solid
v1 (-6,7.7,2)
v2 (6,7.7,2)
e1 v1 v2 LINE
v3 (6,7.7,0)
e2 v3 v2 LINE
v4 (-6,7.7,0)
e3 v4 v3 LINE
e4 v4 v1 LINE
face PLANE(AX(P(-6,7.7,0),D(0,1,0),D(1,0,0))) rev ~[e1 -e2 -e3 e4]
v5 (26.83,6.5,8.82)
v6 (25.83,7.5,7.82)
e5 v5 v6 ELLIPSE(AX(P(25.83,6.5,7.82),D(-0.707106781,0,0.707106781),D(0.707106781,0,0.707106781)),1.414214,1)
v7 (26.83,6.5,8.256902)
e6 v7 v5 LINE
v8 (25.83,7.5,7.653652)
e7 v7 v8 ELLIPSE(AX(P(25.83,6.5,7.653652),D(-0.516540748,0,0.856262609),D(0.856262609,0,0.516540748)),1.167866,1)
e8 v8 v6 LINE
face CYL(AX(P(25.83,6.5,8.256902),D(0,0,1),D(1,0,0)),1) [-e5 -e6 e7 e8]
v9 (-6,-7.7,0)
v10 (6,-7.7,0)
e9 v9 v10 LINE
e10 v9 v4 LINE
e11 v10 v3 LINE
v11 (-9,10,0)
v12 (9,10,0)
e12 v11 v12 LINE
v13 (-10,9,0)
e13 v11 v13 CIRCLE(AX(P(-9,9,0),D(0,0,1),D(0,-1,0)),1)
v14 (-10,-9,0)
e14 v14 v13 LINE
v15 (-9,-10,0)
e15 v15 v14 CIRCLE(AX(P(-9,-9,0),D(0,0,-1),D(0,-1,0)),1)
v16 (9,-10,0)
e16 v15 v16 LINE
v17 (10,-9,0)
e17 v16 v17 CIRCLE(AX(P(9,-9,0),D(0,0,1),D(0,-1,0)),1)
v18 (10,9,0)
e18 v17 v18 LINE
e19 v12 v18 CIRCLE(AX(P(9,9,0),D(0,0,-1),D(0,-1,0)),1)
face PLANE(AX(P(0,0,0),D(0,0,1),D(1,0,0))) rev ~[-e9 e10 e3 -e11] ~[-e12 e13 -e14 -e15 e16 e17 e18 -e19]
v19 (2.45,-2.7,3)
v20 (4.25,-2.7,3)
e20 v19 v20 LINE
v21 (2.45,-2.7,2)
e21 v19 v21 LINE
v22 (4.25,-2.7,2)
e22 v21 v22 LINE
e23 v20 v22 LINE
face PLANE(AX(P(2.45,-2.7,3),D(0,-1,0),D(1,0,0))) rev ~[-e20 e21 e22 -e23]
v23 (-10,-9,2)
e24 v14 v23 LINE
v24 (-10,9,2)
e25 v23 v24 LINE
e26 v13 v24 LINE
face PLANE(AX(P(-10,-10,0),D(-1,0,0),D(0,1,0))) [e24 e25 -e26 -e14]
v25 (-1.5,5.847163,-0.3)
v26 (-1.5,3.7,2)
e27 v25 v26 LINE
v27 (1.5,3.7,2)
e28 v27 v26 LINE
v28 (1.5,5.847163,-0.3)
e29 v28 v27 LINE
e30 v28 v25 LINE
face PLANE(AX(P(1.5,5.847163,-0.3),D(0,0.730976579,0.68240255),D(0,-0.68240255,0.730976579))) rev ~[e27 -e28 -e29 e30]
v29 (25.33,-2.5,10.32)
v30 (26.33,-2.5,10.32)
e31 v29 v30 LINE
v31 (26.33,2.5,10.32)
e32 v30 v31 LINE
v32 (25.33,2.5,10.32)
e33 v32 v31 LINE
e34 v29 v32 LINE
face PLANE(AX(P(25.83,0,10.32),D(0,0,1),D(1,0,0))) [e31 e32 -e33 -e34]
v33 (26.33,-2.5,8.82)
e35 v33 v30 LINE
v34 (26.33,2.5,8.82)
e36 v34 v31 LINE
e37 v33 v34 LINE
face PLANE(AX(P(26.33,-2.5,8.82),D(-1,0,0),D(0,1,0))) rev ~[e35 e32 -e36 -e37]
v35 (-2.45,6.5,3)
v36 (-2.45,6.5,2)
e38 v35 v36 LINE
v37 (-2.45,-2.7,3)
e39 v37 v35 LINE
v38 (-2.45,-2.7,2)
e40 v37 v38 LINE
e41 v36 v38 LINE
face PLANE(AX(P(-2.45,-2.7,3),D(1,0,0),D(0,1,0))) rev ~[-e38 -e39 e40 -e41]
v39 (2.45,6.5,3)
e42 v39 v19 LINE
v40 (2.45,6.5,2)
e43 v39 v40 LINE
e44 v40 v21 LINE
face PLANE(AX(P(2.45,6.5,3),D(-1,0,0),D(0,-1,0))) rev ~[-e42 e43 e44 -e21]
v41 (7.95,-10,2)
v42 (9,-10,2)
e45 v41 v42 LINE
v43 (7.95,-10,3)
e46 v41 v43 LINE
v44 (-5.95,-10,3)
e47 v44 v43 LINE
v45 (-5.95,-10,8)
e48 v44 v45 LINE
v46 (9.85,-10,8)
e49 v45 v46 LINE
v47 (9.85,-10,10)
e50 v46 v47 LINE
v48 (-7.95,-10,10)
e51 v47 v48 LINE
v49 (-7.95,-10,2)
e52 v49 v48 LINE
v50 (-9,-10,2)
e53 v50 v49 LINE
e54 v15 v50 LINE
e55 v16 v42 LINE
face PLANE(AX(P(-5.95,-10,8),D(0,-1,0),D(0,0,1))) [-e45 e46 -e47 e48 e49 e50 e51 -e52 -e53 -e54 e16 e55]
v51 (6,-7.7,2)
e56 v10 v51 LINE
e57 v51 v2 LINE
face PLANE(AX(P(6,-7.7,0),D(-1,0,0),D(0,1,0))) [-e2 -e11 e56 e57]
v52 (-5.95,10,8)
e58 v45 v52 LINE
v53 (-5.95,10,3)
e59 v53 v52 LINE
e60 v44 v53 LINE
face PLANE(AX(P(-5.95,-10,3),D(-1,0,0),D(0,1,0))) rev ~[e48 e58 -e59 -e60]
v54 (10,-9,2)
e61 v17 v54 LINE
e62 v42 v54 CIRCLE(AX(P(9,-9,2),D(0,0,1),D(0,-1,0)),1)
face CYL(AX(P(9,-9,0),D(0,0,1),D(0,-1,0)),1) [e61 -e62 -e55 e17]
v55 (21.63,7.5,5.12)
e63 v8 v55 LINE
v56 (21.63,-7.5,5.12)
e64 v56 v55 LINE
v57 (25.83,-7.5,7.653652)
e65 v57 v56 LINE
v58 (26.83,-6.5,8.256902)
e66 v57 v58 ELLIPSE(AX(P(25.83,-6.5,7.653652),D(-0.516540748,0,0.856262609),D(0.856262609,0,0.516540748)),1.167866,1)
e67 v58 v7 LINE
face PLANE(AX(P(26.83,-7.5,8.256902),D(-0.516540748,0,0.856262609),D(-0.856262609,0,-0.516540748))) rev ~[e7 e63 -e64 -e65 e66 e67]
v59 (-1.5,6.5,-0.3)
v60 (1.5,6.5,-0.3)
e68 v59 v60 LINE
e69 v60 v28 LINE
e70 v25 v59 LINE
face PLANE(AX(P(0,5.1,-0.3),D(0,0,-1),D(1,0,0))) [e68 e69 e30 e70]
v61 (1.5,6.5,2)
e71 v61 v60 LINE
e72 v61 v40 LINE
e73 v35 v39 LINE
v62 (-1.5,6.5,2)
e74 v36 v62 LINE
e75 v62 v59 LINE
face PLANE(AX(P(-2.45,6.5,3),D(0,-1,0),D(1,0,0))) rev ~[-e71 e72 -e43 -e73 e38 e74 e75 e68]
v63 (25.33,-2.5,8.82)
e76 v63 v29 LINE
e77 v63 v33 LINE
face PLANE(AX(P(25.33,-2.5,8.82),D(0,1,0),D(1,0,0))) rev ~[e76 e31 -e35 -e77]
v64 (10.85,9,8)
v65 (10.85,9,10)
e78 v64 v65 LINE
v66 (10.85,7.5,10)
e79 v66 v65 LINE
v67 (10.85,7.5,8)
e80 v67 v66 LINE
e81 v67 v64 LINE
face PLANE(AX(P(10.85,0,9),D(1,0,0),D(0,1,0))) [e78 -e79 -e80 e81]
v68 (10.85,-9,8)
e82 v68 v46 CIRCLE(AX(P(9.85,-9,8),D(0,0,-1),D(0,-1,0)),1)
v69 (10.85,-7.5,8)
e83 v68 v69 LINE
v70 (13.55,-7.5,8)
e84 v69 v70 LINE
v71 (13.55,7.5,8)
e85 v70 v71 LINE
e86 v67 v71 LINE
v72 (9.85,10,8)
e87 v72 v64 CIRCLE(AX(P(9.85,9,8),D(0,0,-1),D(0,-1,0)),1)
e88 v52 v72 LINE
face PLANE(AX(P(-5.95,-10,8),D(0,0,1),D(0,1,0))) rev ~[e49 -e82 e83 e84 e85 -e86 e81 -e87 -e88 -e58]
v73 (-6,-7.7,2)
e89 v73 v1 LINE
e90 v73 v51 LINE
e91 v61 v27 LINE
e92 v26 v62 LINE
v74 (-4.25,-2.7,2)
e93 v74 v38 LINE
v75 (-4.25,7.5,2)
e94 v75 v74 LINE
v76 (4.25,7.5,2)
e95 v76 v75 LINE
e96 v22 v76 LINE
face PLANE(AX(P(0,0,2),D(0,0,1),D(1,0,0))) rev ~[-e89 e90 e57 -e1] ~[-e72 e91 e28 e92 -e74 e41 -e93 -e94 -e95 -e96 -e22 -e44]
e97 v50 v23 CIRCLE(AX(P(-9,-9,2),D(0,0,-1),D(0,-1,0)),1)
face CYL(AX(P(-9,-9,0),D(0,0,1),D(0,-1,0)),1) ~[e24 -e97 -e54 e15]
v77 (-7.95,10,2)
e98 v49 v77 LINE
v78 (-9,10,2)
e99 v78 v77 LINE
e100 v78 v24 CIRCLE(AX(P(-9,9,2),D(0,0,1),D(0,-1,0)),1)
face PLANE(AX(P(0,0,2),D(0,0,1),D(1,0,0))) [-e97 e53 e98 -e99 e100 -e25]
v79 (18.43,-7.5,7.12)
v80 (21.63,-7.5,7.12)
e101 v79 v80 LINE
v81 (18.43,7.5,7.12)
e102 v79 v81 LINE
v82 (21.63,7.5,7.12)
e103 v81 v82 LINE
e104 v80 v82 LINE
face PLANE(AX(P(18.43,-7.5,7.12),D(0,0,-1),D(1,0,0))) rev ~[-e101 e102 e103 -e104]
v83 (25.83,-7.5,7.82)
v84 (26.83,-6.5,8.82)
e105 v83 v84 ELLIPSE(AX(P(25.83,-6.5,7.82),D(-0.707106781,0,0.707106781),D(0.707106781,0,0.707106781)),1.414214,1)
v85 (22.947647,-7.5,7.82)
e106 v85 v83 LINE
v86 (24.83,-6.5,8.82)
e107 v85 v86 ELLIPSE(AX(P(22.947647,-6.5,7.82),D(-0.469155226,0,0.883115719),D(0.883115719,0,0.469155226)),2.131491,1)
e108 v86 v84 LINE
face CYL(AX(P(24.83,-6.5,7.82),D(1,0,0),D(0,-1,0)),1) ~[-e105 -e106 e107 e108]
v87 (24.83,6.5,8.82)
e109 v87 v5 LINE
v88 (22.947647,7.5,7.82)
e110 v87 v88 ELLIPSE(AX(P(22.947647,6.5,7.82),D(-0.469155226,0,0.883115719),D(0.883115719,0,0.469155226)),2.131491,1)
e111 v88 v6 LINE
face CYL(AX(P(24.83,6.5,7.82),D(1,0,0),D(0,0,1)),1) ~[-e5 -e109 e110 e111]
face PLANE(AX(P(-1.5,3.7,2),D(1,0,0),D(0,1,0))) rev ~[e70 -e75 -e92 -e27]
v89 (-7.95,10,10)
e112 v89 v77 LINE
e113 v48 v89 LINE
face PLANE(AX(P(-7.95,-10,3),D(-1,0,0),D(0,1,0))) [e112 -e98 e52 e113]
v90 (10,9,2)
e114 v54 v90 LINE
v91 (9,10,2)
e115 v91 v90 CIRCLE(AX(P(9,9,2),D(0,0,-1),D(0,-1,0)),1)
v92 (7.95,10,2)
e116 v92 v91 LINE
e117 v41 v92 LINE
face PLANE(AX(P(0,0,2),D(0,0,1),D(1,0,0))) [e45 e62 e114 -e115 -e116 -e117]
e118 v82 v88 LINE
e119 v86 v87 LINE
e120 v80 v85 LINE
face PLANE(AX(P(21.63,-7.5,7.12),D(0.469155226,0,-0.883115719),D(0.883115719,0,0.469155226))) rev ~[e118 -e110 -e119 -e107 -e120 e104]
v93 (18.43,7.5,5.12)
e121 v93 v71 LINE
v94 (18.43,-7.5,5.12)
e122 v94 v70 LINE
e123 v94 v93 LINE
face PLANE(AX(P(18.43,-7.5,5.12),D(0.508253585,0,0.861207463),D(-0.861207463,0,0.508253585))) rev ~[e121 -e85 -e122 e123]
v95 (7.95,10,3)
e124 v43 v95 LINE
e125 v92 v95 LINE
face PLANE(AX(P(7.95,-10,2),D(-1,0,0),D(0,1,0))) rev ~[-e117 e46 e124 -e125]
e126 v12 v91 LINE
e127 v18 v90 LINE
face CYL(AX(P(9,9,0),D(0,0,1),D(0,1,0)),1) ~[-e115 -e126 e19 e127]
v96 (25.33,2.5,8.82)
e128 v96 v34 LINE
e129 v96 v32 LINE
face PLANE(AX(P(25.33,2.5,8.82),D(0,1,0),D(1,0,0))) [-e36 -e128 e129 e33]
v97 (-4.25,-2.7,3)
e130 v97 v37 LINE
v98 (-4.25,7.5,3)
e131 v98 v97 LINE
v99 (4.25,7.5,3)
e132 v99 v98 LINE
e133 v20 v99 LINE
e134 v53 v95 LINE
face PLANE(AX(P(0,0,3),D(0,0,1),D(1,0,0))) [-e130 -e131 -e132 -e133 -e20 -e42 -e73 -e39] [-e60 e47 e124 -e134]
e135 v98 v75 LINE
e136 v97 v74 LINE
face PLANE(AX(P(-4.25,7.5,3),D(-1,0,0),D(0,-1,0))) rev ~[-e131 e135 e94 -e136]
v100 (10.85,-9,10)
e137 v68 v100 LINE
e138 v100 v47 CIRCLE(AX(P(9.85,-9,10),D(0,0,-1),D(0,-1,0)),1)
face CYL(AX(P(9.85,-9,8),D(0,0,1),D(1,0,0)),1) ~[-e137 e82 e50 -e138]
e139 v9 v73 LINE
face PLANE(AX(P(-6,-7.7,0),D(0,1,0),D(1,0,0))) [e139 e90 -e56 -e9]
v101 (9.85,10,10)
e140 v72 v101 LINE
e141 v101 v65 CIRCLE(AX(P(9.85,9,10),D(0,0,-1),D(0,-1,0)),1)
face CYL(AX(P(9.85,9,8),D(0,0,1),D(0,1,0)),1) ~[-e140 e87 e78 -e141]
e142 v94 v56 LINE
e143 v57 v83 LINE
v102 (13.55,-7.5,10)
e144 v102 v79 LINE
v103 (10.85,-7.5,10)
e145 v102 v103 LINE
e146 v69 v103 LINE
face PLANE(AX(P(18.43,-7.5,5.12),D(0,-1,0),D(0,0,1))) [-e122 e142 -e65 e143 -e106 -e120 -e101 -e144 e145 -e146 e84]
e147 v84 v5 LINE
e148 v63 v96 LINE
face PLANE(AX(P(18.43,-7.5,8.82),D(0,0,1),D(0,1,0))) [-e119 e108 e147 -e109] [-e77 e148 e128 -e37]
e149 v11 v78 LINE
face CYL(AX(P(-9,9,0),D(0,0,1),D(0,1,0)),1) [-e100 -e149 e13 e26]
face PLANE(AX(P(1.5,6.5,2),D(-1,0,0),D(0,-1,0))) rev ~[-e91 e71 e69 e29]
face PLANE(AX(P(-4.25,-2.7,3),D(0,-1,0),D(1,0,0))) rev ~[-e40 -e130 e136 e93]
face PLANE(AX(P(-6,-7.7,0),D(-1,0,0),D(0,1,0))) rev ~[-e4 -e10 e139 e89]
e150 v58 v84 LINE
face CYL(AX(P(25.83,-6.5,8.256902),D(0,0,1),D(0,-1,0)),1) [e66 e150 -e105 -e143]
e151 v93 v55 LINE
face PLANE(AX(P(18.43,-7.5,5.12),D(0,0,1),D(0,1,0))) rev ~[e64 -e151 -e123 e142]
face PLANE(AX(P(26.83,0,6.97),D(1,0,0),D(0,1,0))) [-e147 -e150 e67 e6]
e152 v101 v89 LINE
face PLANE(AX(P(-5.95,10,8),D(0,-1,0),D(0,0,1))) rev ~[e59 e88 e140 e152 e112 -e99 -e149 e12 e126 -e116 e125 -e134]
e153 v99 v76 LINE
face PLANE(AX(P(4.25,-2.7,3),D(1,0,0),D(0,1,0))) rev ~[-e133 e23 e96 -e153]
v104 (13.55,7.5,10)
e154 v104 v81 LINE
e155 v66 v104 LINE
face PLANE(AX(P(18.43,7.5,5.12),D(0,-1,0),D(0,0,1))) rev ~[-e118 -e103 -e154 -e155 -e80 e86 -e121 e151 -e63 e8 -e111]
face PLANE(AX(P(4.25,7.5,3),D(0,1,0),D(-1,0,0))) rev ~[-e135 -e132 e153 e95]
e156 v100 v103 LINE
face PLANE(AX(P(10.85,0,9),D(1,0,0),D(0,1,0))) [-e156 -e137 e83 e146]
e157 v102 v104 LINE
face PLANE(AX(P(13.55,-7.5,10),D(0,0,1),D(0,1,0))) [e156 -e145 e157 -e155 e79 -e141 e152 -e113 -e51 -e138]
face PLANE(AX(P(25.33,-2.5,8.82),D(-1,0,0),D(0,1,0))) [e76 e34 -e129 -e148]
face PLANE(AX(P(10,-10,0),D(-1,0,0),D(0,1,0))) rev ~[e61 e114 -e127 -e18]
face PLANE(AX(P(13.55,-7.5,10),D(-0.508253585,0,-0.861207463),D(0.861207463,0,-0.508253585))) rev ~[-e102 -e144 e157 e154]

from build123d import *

# Parameters (mm, degrees)
F0_W      = 20
F0_H      = 20
F0_W_2    = 12
F0_H_2    = 15.4
F1_DEPTH  = 2
F2_W      = 15.9
F2_H      = 20
F3_DEPTH  = 1
F4_W      = 2
F4_H      = 20
F5_DEPTH  = 7
F7_DEPTH  = 3.001
F9_DEPTH  = 2.3
F11_DEPTH = 4
F12_W     = 20
F12_H     = 2
F13_DEPTH = 16.8
F14_W     = 15
F14_H     = 2
F15_DEPTH = 2.7
F16_W     = 15
F16_H     = 2.88
F16_H_2   = 2
F17_DEPTH = 4.88
F19_DEPTH = 17.501
F20_W     = 15
F20_H     = 3.7
F21_DEPTH = 8.4
F23_DEPTH = 17.501
F24_W     = 1
F24_H     = 5
F25_DEPTH = 1.5
F26_R     = 1
F27_R     = 1


with BuildPart() as f1:
    # F0 (on Top) → F1 (new body)
    with BuildSketch(Plane.XY):
        Rectangle(F0_W, F0_H)
        Rectangle(F0_W_2, F0_H_2, mode=Mode.SUBTRACT)
    extrude(amount=F1_DEPTH)

    # F2 (on face) → F3 (join)
    with BuildSketch(Plane.XY.offset(2)):
        Rectangle(F2_W, F2_H)
    extrude(amount=F3_DEPTH)

    # F4 (on face) → F5 (join)
    with BuildSketch(Plane.XY.offset(3)):
        with Locations((-6.95, 0)):
            Rectangle(F4_W, F4_H)
    extrude(amount=F5_DEPTH)

    # F6 (on face) → F7 (cut, through all)
    with BuildSketch(Plane.XY.offset(3)):
        Polygon((0, 7.5), (-4.25, 7.5), (-4.25, -2.7), (-2.45, -2.7), (-2.45, 6.5), (0, 6.5), (2.45, 6.5), (2.45, -2.7), (4.25, -2.7), (4.25, 7.5), align=None)
    extrude(amount=-F7_DEPTH, mode=Mode.SUBTRACT)

    # F8 (on face) → F9 (join)
    with BuildSketch(Plane(origin=(0, 0, 2), x_dir=(1, 0, 0), z_dir=(0, 0, -1))):
        Polygon((1.5, -3.7), (0, -3.7), (-1.5, -3.7), (-1.5, -6.5), (1.5, -6.5), align=None)
    extrude(amount=F9_DEPTH)

    # F10 (on face) → F11 (cut)
    with BuildSketch(Plane.YZ.offset(1.5)):
        Polygon((5.847163, -0.3), (3.7, 2), (3.7, -0.3), align=None)
    extrude(amount=-F11_DEPTH, mode=Mode.SUBTRACT)

    # F12 (on face) → F13 (join)
    with BuildSketch(Plane.YZ.offset(-5.95)):
        with Locations((0, 9)):
            Rectangle(F12_W, F12_H)
    extrude(amount=F13_DEPTH)

    # F14 (on face) → F15 (join)
    with BuildSketch(Plane.YZ.offset(10.85)):
        with Locations((0, 9)):
            Rectangle(F14_W, F14_H)
    extrude(amount=F15_DEPTH)

    # F16 (on face) → F17 (join)
    with BuildSketch(Plane.YZ.offset(13.55)):
        with Locations((0, 6.56)):
            Rectangle(F16_W, F16_H)
        with Locations((0, 9)):
            Rectangle(F16_W, F16_H_2)
    extrude(amount=F17_DEPTH)

    # F18 (on face) → F19 (cut, through all)
    with BuildSketch(Plane.XZ.offset(7.5)):
        Polygon((18.43, 10), (13.55, 10), (18.43, 7.12), align=None)
        Polygon((18.43, 5.12), (13.55, 8), (13.55, 5.12), align=None)
    extrude(amount=-F19_DEPTH, mode=Mode.SUBTRACT)

    # F20 (on face) → F21 (join)
    with BuildSketch(Plane.YZ.offset(18.43)):
        with Locations((0, 6.97)):
            Rectangle(F20_W, F20_H)
    extrude(amount=F21_DEPTH)

    # F22 (on face) → F23 (cut, through all)
    with BuildSketch(Plane.XZ.offset(7.5)):
        Polygon((21.63, 7.12), (24.83, 8.82), (18.43, 8.82), (18.43, 7.12), align=None)
        Polygon((26.83, 5.12), (26.83, 8.256902), (21.63, 5.12), align=None)
    extrude(amount=-F23_DEPTH, mode=Mode.SUBTRACT)

    # F24 (on face) → F25 (join)
    with BuildSketch(Plane.XY.offset(8.82)):
        with Locations((25.83, 0)):
            Rectangle(F24_W, F24_H)
    extrude(amount=F25_DEPTH)

    # F26
    f26_edges = [f1.edges().sort_by_distance(p)[0] for p in [
        (25.83, -7.5, 8.82),
        (25.83, 7.5, 8.82),
        (26.83, -7.5, 8.538451),
        (26.83, 7.5, 8.538451),
    ]]
    fillet(f26_edges, radius=F26_R)

    # F27
    f27_edges = [f1.edges().sort_by_distance(p)[0] for p in [
        (10, -10, 1),
        (-10, -10, 1),
        (-10, 10, 1),
        (10, 10, 1),
        (10.85, 10, 9),
        (10.85, -10, 9),
    ]]
    fillet(f27_edges, radius=F27_R)


solid = f1.part
